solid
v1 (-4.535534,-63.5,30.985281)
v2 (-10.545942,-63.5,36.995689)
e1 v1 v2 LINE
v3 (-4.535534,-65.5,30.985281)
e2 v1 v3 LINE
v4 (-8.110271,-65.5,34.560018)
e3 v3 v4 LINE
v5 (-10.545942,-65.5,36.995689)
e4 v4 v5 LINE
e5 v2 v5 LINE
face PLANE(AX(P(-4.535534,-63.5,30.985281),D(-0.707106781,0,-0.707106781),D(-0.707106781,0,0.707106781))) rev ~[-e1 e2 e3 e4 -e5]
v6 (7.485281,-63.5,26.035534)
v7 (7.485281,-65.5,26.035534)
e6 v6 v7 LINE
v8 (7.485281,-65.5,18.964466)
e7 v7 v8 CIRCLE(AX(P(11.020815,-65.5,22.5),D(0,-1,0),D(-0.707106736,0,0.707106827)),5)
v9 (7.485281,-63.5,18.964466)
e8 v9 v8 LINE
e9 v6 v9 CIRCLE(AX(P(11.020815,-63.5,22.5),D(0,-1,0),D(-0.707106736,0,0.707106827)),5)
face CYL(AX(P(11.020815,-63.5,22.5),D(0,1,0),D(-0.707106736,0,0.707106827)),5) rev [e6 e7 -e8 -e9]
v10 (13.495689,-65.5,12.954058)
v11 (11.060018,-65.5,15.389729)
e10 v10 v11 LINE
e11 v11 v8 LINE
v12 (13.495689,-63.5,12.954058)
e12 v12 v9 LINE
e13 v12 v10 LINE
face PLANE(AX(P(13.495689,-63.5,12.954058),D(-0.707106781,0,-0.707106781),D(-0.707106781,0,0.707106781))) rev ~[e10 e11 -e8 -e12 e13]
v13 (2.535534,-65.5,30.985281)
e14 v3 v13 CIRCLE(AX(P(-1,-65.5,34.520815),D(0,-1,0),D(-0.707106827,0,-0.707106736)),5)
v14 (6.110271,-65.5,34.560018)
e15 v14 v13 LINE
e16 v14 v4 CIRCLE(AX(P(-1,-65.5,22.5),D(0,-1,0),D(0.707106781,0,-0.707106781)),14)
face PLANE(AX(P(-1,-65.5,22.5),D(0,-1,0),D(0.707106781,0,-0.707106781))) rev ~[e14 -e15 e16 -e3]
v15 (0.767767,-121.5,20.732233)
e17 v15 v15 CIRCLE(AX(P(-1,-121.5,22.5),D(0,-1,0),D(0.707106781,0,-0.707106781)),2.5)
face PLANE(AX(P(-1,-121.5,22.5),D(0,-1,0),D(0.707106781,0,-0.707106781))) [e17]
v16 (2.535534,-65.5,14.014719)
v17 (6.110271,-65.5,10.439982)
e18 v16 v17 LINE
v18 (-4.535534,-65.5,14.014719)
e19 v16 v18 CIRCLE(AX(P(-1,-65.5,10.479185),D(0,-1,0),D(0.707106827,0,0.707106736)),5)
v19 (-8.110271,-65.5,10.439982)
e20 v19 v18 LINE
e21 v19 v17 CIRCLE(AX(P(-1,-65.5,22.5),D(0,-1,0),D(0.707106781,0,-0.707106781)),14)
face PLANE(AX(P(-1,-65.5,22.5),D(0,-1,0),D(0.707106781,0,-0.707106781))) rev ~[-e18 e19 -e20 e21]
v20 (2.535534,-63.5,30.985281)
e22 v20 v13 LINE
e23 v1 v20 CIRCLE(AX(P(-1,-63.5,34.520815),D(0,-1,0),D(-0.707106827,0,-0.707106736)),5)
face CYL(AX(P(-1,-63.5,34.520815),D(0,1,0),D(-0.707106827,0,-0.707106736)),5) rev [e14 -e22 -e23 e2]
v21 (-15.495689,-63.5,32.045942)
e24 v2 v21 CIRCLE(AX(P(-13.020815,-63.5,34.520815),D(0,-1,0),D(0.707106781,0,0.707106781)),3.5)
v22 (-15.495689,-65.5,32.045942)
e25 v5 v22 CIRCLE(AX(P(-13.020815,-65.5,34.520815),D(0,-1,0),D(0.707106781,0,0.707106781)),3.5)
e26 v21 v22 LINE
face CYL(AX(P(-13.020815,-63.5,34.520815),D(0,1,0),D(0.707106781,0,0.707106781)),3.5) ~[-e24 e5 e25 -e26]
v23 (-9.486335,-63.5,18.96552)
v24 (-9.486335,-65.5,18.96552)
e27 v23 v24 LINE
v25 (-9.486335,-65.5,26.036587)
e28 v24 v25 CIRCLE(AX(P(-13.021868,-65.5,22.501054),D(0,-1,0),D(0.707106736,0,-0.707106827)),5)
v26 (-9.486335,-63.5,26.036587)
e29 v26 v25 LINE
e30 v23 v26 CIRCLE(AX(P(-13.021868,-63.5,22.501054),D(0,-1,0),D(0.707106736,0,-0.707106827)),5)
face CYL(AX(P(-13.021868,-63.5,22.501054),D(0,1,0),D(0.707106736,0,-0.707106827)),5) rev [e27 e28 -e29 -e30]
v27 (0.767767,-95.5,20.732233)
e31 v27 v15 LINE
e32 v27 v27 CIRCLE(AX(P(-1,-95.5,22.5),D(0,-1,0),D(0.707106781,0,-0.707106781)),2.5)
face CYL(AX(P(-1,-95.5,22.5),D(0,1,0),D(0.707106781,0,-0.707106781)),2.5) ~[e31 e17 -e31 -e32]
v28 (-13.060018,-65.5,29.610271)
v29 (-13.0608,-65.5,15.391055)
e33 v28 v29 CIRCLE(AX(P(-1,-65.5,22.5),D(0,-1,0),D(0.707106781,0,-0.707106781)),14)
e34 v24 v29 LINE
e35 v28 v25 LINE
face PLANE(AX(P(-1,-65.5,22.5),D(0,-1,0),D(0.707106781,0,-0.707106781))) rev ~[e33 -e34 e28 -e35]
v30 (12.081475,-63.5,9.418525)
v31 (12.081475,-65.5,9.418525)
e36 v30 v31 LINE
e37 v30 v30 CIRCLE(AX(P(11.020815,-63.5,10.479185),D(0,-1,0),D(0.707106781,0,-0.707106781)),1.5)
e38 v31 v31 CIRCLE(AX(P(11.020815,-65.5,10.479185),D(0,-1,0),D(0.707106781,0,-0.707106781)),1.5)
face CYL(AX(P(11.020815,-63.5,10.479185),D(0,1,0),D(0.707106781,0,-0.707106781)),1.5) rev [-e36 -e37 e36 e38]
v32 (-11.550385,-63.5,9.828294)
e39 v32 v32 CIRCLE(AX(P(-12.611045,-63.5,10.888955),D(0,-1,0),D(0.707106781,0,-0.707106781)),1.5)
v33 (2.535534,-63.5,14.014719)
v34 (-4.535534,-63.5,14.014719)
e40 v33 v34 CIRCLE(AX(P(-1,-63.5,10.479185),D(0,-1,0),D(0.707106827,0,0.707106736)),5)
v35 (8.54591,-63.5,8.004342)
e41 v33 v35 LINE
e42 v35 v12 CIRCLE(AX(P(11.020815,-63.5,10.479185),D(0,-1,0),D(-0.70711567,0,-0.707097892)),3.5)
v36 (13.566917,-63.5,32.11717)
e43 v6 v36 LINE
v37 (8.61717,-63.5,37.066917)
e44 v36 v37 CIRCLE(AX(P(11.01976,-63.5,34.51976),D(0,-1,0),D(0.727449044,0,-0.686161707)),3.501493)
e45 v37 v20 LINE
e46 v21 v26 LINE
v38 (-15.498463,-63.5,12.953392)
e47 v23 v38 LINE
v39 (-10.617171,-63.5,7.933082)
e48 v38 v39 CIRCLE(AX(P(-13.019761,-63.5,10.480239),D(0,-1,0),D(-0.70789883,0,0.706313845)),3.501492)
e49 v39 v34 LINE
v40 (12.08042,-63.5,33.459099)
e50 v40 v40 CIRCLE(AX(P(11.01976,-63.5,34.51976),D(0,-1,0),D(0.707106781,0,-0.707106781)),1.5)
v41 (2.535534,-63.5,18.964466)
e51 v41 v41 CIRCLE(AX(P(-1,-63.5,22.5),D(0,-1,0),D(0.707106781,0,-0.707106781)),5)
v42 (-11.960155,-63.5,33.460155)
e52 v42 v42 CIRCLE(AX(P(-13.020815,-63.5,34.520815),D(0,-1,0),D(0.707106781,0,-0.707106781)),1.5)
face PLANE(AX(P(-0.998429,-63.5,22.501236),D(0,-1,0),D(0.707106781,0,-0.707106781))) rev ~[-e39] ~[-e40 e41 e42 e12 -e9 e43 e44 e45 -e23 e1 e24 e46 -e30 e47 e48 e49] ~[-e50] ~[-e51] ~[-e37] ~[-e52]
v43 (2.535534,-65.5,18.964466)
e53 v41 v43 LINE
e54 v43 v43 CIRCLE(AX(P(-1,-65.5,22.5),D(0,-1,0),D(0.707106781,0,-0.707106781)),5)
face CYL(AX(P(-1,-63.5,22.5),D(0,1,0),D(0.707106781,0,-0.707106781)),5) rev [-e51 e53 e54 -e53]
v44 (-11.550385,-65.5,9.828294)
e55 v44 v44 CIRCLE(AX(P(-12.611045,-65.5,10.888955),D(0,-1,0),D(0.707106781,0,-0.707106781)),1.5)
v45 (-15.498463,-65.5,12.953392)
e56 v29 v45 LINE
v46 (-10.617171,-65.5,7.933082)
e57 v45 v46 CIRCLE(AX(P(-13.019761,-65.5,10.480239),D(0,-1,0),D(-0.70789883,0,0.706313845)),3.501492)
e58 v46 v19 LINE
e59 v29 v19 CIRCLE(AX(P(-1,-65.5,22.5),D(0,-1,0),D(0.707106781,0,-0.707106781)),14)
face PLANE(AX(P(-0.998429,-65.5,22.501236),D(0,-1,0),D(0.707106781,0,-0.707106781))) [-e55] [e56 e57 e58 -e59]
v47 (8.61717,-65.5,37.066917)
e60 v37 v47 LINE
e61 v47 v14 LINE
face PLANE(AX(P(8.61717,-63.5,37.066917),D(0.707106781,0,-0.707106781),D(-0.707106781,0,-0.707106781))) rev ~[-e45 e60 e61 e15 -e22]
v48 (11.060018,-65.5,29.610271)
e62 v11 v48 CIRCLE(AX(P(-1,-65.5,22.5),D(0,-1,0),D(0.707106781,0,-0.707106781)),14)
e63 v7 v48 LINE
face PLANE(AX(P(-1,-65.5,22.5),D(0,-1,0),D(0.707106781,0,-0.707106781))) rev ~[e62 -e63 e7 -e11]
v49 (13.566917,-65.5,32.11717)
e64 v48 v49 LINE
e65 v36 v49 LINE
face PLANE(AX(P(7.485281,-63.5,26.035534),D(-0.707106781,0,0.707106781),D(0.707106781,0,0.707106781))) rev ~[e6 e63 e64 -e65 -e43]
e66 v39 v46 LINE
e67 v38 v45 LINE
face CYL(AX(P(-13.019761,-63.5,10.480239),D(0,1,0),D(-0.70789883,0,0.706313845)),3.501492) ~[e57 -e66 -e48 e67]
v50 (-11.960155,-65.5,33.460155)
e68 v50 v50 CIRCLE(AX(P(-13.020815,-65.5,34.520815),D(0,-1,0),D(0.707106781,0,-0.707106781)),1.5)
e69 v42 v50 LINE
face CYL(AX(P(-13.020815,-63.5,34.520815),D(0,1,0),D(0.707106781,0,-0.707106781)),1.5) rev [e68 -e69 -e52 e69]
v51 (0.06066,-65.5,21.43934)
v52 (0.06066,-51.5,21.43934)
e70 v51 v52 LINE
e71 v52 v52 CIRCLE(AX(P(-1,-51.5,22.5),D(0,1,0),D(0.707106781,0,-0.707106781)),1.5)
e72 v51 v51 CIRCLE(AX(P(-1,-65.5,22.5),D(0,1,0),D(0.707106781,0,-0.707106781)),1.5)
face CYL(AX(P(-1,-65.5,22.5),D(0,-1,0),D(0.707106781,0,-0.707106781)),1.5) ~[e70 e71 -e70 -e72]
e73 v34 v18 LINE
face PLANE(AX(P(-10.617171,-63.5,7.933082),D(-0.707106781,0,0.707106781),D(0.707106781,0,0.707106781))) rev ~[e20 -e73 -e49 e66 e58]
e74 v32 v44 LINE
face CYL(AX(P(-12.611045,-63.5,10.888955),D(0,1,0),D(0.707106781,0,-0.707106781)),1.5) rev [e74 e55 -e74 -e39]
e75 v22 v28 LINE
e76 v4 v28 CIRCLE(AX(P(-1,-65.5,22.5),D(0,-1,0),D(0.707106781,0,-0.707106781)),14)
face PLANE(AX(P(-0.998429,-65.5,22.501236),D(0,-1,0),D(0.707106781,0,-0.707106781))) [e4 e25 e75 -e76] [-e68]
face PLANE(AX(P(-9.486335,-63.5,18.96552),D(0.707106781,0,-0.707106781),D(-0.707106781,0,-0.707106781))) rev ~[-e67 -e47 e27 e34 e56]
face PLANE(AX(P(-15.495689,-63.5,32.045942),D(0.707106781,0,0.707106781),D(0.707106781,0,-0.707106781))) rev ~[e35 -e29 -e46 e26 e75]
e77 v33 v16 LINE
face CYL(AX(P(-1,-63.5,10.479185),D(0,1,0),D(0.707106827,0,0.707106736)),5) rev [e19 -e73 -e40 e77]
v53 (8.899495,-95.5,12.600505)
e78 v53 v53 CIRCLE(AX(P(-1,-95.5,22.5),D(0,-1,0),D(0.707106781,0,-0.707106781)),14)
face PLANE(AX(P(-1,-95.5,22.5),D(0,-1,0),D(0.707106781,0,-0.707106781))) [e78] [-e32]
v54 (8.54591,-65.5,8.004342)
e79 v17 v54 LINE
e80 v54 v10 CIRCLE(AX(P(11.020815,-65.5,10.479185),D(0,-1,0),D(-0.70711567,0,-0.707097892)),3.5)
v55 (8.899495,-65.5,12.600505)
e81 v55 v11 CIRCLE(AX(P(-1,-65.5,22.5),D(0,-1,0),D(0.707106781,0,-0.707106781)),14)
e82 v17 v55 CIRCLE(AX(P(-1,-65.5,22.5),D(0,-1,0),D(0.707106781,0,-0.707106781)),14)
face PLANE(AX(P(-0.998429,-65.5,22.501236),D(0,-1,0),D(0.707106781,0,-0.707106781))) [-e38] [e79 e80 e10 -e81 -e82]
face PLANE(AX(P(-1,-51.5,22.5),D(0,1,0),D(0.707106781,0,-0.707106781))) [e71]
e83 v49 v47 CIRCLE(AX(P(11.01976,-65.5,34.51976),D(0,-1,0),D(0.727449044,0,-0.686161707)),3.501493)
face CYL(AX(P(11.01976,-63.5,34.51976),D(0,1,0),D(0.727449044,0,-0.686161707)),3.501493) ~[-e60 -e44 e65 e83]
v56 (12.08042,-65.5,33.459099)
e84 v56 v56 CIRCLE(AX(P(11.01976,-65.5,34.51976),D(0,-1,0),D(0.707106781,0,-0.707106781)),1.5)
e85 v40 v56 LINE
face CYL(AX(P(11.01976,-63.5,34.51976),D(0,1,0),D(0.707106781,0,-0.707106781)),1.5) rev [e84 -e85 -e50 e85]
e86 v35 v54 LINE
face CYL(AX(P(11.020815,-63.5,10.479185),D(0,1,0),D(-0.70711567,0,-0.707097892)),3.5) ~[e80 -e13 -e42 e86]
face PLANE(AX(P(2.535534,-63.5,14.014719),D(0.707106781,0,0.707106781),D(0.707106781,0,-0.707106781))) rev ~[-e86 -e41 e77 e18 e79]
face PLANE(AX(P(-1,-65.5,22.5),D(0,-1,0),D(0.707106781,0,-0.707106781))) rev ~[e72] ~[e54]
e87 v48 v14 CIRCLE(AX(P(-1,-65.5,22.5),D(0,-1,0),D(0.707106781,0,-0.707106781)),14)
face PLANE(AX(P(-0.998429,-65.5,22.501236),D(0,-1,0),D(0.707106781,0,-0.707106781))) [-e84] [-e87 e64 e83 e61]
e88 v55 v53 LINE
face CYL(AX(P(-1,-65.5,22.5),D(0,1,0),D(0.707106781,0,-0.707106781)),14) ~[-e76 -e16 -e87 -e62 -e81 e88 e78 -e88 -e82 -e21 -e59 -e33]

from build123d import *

# Parameters (mm, degrees)
SKETCH052_R             = 1.5
SKETCH052_R_2           = 5
PAD031_DEPTH            = 2
SKETCH053_R             = 14
PAD032_DEPTH            = 30
SKETCH054_R             = 1.5
PAD033_DEPTH            = 14
SKETCH055_R             = 2.5
PAD034_DEPTH            = 26
BODY014_PLACEMENT_ANGLE = 45


with BuildPart() as part:
    # Sketch052 → Pad031 (new body)
    with BuildSketch(Plane.XZ):
        with BuildLine():
            ThreePointArc((3.5, 17.100732), (0, 20.5), (-3.5, 17.100732))
            Line((-3.5, 17.100732), (-3.5, 8.5))
            ThreePointArc((-8.5, 3.5), (-4.964466, 4.964466), (-3.5, 8.5))
            Line((-8.5, 3.5), (-17, 3.5))
            ThreePointArc((-17, 3.5), (-20.5, 0), (-17, -3.5))
            Line((-17, -3.5), (-8.50149, -3.5))
            ThreePointArc((-3.50149, -8.5), (-4.965956, -4.964466), (-8.50149, -3.5))
            Line((-3.50149, -8.5), (-3.50149, -17.002433))
            ThreePointArc((-3.50149, -17.002433), (-0.049155, -20.499656), (3.5, -17.100733))
            Line((3.5, -17.100733), (3.5, -8.5))
            ThreePointArc((8.5, -3.5), (4.964466, -4.964466), (3.5, -8.5))
            Line((8.5, -3.5), (16.999956, -3.5))
            ThreePointArc((16.999956, -3.5), (20.5, -2.2e-05), (17, 3.5))
            Line((17, 3.5), (8.5, 3.5))
            ThreePointArc((3.5, 8.5), (4.964466, 4.964466), (8.5, 3.5))
            Line((3.5, 8.5), (3.5, 17.100732))
        make_face()
        with Locations((0, 16.998507)):
            Circle(SKETCH052_R, mode=Mode.SUBTRACT)
        with Locations((-17, 0)):
            Circle(SKETCH052_R, mode=Mode.SUBTRACT)
        with Locations((17, 0)):
            Circle(SKETCH052_R, mode=Mode.SUBTRACT)
        with Locations((0, -16.420498)):
            Circle(SKETCH052_R, mode=Mode.SUBTRACT)
        Circle(SKETCH052_R_2, mode=Mode.SUBTRACT)
    extrude(amount=PAD031_DEPTH)

    # Sketch053 (on Face23 of Pad031) → Pad032 (join)
    with BuildSketch(Plane.XZ.offset(2)):
        Circle(SKETCH053_R)
    extrude(amount=PAD032_DEPTH)

    # Sketch054 (on Face32 of Pad032) → Pad033 (join)
    with BuildSketch(Plane(origin=(0, -2, 0), x_dir=(1, 0, 0), z_dir=(0, 1, 0))):
        Circle(SKETCH054_R)
    extrude(amount=PAD033_DEPTH)

    # Sketch055 (on Face33 of Pad033) → Pad034 (join)
    with BuildSketch(Plane.XZ.offset(32)):
        Circle(SKETCH055_R)
    extrude(amount=PAD034_DEPTH)


with BuildPart() as part_1:
    # Body014 placement: moved
    add(part.part.moved(Location((-1, -63.5, 22.5))).rotate(Axis((-1, -63.5, 22.5), (0, 1, 0)), BODY014_PLACEMENT_ANGLE))


solid = part_1.part
